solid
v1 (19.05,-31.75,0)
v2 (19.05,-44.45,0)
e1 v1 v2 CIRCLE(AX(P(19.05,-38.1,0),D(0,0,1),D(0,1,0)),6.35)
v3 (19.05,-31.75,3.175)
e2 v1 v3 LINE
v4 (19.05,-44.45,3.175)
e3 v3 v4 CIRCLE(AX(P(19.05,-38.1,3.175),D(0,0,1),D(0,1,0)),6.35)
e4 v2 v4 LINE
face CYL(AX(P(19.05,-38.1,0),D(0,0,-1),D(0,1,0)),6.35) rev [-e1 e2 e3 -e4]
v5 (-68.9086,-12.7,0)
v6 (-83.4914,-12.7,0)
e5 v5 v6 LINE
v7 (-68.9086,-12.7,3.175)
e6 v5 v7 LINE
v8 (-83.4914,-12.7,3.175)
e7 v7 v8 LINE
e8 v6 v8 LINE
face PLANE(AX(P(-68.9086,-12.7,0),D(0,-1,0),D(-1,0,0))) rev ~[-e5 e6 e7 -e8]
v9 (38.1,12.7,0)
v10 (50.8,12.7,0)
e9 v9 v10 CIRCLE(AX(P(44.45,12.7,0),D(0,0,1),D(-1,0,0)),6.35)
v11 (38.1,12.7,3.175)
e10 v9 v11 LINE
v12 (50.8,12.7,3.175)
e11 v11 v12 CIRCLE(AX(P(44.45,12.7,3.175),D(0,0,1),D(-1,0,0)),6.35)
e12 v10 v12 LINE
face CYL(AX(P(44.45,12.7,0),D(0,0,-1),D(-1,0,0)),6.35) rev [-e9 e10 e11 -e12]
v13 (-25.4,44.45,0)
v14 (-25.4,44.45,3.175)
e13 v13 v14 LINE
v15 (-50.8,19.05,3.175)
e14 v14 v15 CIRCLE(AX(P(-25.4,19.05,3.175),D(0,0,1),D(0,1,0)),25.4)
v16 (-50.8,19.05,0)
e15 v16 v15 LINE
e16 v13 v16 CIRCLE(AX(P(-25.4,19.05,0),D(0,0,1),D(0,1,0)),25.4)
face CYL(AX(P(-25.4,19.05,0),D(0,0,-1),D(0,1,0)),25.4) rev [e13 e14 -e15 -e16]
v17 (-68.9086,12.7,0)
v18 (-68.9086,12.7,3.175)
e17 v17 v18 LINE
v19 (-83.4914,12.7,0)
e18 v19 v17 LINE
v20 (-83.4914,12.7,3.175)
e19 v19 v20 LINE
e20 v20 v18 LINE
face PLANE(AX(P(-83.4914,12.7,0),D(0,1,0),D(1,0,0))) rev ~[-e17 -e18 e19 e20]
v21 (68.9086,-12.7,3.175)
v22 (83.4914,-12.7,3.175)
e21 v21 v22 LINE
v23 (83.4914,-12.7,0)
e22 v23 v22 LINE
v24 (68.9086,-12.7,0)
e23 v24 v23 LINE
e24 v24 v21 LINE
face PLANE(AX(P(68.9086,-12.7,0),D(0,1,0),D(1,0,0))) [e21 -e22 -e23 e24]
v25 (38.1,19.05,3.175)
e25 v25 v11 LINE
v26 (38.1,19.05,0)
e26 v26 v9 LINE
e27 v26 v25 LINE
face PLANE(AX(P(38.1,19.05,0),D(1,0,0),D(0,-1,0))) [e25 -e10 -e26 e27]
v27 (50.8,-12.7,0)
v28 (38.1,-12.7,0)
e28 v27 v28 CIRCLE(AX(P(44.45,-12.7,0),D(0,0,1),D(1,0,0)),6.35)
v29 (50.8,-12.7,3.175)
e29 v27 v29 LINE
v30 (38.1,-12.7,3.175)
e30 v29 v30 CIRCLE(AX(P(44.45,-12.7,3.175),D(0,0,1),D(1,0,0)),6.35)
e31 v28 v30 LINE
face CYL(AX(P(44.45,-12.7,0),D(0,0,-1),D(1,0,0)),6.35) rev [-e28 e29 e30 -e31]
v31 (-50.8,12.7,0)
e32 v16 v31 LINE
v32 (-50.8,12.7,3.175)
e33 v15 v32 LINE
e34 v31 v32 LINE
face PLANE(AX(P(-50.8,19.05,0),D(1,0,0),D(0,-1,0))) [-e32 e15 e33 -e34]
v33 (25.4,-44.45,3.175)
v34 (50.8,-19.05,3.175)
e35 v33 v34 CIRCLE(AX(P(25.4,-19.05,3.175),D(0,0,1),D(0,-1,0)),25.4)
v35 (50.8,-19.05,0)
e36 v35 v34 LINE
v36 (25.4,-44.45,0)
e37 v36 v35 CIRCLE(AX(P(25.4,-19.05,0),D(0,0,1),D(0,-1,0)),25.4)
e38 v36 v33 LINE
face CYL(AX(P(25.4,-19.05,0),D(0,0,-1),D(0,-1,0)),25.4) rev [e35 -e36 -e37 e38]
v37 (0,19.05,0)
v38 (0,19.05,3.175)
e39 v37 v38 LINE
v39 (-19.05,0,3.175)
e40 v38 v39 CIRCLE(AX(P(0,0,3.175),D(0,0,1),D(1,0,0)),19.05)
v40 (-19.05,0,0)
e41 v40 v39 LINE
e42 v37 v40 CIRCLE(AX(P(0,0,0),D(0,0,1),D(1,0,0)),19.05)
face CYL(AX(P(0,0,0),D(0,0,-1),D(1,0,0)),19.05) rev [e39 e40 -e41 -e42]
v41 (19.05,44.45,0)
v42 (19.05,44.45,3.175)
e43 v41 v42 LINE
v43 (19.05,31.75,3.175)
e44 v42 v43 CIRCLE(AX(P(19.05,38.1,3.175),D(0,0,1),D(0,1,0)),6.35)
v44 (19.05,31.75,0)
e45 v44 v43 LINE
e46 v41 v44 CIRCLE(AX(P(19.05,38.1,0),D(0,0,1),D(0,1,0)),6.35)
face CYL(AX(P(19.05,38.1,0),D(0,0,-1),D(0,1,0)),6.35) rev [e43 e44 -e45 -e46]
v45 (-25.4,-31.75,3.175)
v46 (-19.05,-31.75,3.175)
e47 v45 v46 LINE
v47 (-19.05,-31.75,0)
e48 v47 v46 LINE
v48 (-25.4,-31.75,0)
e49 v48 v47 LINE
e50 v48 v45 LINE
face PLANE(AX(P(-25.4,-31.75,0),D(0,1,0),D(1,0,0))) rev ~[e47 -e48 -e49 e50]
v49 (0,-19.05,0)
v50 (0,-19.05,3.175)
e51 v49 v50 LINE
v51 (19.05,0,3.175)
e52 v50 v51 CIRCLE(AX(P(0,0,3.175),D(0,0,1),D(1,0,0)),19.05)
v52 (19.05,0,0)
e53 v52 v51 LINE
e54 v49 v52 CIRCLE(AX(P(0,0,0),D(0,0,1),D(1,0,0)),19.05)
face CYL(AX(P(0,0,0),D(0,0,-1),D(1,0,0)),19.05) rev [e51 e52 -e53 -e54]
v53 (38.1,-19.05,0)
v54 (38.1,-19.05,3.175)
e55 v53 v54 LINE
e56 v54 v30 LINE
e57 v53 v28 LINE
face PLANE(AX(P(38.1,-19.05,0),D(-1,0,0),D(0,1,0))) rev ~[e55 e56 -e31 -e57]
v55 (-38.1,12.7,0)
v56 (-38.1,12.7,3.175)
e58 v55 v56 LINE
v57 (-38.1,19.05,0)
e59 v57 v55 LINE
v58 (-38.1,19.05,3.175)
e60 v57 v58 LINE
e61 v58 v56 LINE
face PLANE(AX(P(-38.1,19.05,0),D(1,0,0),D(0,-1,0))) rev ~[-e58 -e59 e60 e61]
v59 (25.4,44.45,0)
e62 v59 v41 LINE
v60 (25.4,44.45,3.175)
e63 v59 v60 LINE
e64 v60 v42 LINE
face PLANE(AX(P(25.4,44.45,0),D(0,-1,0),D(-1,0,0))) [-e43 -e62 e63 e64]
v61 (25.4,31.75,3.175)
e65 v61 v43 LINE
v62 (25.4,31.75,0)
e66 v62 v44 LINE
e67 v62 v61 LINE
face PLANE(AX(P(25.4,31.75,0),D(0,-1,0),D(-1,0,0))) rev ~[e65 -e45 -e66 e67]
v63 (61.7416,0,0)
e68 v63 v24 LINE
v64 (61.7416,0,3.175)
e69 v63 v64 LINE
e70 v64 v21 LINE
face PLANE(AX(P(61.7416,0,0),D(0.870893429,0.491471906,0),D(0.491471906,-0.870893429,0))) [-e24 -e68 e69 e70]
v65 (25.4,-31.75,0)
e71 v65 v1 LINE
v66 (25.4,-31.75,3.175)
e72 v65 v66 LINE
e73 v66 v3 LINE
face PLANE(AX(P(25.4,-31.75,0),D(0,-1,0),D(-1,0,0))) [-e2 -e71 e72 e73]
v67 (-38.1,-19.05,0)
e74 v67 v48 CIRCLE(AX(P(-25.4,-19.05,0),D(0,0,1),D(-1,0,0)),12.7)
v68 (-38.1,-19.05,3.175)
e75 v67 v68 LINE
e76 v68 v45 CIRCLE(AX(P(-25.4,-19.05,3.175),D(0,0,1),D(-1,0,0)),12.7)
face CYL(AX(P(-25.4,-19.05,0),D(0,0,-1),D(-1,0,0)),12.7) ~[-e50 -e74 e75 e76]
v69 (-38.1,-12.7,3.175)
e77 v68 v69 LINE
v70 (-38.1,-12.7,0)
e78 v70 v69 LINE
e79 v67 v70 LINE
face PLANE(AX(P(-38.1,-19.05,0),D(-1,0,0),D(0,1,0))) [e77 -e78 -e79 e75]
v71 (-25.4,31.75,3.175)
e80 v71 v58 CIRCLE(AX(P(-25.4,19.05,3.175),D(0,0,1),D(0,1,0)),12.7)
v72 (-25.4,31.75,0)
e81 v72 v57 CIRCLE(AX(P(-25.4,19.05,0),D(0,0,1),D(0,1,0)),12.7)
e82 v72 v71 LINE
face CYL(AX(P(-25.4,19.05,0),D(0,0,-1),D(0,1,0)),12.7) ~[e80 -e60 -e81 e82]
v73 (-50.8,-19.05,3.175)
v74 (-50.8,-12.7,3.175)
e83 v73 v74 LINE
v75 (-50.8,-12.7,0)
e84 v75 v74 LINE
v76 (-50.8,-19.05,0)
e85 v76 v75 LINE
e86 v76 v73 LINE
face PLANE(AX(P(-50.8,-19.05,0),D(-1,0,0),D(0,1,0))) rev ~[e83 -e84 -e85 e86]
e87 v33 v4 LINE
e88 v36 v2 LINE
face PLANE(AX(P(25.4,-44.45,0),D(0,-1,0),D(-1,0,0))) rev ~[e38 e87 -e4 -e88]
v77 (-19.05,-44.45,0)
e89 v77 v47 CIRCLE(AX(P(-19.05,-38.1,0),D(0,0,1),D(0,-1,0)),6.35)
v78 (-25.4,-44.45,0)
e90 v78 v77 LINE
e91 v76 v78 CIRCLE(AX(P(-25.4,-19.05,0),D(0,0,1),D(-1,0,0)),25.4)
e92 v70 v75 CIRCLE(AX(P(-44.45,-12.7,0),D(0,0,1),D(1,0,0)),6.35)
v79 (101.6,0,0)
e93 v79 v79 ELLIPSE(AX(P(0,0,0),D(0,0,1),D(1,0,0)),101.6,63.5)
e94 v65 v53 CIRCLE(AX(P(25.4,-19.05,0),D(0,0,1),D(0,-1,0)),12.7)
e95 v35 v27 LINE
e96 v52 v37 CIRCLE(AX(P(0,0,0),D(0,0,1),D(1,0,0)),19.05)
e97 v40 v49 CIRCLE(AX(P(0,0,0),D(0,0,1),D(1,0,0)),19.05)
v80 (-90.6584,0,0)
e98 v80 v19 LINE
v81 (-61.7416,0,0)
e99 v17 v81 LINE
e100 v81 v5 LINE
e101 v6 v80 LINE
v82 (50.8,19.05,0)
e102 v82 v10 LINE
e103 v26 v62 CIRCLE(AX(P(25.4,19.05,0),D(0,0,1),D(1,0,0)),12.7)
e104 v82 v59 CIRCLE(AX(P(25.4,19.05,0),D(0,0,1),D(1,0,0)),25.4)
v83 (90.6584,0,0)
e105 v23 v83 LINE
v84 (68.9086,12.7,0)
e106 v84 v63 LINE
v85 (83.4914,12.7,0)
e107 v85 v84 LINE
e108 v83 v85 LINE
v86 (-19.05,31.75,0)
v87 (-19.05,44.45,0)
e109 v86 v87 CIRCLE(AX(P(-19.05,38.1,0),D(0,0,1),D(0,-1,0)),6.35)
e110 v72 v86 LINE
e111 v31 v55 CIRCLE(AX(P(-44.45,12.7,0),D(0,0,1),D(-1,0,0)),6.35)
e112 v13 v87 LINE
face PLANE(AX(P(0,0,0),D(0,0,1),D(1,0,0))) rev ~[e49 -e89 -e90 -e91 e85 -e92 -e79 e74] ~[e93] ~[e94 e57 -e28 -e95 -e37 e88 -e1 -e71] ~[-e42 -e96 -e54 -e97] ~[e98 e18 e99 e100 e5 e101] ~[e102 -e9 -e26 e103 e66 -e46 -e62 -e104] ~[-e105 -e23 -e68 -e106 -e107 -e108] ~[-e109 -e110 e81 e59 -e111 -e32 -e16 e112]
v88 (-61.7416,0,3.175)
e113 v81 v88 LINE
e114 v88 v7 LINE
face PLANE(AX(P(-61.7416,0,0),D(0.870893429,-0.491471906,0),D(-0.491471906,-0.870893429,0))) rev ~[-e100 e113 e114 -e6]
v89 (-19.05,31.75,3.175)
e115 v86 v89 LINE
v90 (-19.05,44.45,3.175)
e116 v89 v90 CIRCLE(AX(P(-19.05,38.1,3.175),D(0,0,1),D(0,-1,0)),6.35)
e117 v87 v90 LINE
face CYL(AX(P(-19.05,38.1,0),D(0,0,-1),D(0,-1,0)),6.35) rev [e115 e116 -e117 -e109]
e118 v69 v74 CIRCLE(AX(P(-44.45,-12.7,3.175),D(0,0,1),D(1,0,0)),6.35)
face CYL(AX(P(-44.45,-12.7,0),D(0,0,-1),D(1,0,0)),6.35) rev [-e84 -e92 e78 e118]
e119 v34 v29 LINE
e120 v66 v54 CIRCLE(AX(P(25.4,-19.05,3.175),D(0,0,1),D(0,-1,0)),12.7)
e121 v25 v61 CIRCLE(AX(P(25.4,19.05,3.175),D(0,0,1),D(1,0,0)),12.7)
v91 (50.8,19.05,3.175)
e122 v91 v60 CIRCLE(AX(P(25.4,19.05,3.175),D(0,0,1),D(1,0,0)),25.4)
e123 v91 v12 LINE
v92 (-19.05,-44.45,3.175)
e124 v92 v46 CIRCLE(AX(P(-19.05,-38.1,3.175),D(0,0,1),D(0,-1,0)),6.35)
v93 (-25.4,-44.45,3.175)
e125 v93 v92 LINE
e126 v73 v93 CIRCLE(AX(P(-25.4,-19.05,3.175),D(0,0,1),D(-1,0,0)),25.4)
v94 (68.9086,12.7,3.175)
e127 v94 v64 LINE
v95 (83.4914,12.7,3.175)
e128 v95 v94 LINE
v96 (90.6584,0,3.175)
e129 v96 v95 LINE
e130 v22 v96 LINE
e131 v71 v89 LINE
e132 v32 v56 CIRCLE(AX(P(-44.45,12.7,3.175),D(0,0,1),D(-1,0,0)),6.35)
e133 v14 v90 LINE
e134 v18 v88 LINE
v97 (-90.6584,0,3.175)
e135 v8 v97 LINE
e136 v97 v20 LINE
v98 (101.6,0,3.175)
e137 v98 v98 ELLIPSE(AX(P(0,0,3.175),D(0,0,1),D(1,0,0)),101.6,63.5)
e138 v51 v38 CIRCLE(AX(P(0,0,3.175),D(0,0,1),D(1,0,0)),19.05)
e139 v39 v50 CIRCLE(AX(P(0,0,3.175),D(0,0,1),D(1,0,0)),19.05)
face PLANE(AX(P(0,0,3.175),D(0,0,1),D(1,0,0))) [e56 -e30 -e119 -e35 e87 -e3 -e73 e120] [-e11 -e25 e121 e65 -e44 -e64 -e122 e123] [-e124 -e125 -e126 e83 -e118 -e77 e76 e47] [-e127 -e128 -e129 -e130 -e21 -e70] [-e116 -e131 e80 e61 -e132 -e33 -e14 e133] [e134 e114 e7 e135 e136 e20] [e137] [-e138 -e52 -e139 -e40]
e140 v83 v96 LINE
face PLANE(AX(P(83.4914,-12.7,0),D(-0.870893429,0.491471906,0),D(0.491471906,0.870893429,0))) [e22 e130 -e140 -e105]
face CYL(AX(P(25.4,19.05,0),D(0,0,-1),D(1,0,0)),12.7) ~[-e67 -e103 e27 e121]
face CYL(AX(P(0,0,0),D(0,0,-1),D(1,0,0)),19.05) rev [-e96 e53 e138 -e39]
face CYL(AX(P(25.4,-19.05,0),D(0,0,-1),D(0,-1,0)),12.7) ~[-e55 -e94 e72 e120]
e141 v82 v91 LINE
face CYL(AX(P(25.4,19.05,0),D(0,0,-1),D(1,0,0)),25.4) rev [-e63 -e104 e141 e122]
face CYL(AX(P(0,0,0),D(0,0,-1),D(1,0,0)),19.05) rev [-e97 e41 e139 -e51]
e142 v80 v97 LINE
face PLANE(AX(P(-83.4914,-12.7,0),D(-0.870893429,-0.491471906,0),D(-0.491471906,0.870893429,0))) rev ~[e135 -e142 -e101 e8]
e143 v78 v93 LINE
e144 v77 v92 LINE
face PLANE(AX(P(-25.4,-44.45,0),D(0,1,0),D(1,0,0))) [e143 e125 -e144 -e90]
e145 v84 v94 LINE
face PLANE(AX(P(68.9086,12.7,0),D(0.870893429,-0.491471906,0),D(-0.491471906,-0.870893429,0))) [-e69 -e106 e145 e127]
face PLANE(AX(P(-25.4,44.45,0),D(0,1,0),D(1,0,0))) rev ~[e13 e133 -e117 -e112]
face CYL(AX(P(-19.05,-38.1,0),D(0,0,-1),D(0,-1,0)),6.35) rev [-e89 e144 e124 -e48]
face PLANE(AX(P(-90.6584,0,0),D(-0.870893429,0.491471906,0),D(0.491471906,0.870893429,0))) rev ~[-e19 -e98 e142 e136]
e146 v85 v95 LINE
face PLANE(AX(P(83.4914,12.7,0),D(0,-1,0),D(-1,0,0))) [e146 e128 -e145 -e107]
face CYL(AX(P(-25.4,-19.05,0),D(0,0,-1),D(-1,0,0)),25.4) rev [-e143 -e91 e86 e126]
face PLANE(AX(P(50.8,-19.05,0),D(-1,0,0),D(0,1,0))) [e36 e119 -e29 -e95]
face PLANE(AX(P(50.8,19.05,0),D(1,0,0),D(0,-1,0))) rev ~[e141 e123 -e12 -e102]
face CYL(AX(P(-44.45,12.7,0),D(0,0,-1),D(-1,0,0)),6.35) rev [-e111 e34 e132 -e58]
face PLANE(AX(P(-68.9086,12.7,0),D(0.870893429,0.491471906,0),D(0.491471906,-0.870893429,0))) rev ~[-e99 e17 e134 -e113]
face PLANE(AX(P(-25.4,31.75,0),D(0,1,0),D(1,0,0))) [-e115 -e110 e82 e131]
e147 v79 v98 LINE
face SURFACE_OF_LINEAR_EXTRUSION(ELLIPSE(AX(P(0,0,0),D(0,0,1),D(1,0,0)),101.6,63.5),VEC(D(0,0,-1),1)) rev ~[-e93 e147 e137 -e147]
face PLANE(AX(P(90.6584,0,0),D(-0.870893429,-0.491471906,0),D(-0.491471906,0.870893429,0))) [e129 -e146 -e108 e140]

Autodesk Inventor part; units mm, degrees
ref_plane "YZ Plane" through (0, 0, 0) normal (1, 0, 0) x (0, 1, 0)
ref_plane "XZ Plane" through (0, 0, 0) normal (0, 1, 0) x (-1, 0, 0)
ref_plane "XY Plane" through (0, 0, 0) normal (0, 0, 1) x (1, 0, 0)
sketch "Sketch1" plane through (0, 0, 0) normal (0, 0, 1) x (1, 0, 0)
  ellipse E0 centre (0, 0) end of major axis (101.6, 0) minor radius 63.5
  line L0 (-90.6584, 0) -> (-83.4914, 12.7)
  line L1 (-83.4914, 12.7) -> (-68.9086, 12.7)
  line L2 (-68.9086, 12.7) -> (-61.7416, 0)
  line L3 (-61.7416, 0) -> (-68.9086, -12.7)
  line L4 (-68.9086, -12.7) -> (-83.4914, -12.7)
  line L5 (-83.4914, -12.7) -> (-90.6584, 0)
  line L6 (90.6584, 0) -> (83.4914, 12.7)
  line L7 (83.4914, 12.7) -> (68.9086, 12.7)
  line L8 (68.9086, 12.7) -> (61.7416, 0)
  line L9 (61.7416, 0) -> (68.9086, -12.7)
  line L10 (68.9086, -12.7) -> (83.4914, -12.7)
  line L11 (83.4914, -12.7) -> (90.6584, 0)
  line L12 (0, 0) -> (0, -14.2875)
  arc A0 (19.05, -31.75) -> (19.05, -44.45) centre (19.05, -38.1) ccw
  line L13 (25.4, -44.45) -> (19.05, -44.45)
  line L14 (25.4, -31.75) -> (19.05, -31.75)
  line L15 (38.1, -19.05) -> (38.1, -12.7)
  arc A1 (25.4, -31.75) -> (38.1, -19.05) centre (25.4, -19.05) ccw
  line L16 (50.8, -19.05) -> (50.8, -12.7)
  arc A2 (25.4, -44.45) -> (50.8, -19.05) centre (25.4, -19.05) ccw
  arc A3 (50.8, -12.7) -> (38.1, -12.7) centre (44.45, -12.7) ccw
  circle A4 centre (0, 0) radius 19.05
  line L17 (0, 19.05) -> (0, -19.05)
  line L18 (-19.05, 0) -> (19.05, 0)
  line L19 (-38.1, -19.05) -> (-38.1, -12.7)
  line L20 (-50.8, -19.05) -> (-50.8, -12.7)
  arc A5 (-38.1, -12.7) -> (-50.8, -12.7) centre (-44.45, -12.7) ccw
  arc A6 (-38.1, -19.05) -> (-25.4, -31.75) centre (-25.4, -19.05) ccw
  arc A7 (-50.8, -19.05) -> (-25.4, -44.45) centre (-25.4, -19.05) ccw
  line L21 (-25.4, -31.75) -> (-19.05, -31.75)
  line L22 (-25.4, -44.45) -> (-19.05, -44.45)
  arc A8 (-19.05, -44.45) -> (-19.05, -31.75) centre (-19.05, -38.1) ccw
  line L23 (38.1, 19.05) -> (38.1, 12.7)
  line L24 (50.8, 19.05) -> (50.8, 12.7)
  arc A9 (38.1, 12.7) -> (50.8, 12.7) centre (44.45, 12.7) ccw
  arc A10 (38.1, 19.05) -> (25.4, 31.75) centre (25.4, 19.05) ccw
  arc A11 (50.8, 19.05) -> (25.4, 44.45) centre (25.4, 19.05) ccw
  line L25 (25.4, 31.75) -> (19.05, 31.75)
  line L26 (25.4, 44.45) -> (19.05, 44.45)
  arc A12 (19.05, 44.45) -> (19.05, 31.75) centre (19.05, 38.1) ccw
  arc A13 (-25.4, 31.75) -> (-38.1, 19.05) centre (-25.4, 19.05) ccw
  arc A14 (-25.4, 44.45) -> (-50.8, 19.05) centre (-25.4, 19.05) ccw
  line L27 (-25.4, 31.75) -> (-19.05, 31.75)
  line L28 (-38.1, 19.05) -> (-38.1, 12.7)
  arc A15 (-50.8, 12.7) -> (-38.1, 12.7) centre (-44.45, 12.7) ccw
  line L29 (-50.8, 19.05) -> (-50.8, 12.7)
  arc A16 (-19.05, 31.75) -> (-19.05, 44.45) centre (-19.05, 38.1) ccw
  line L30 (-25.4, 44.45) -> (-19.05, 44.45)
  point P0 (65.3251, -6.35)
  dimension "d0" = 101.6
  dimension "d56" = 63.5
  dimension "d3" = 25.4
  dimension "d44" = 25.4
  dimension "d45" = 50.8
  dimension "d47" = 6.35
  dimension "d50" = 25.4
  dimension "d51" = 19.05
  dimension "d52" = 6.35
  dimension "d53" = 6.35
  dimension "d54" = 6.35
  dimension "d55" = 38.1
extrude "Extrusion2" add sketch "Sketch1" along normal blind 3.175
properties part number "HW 6 Part 3"
